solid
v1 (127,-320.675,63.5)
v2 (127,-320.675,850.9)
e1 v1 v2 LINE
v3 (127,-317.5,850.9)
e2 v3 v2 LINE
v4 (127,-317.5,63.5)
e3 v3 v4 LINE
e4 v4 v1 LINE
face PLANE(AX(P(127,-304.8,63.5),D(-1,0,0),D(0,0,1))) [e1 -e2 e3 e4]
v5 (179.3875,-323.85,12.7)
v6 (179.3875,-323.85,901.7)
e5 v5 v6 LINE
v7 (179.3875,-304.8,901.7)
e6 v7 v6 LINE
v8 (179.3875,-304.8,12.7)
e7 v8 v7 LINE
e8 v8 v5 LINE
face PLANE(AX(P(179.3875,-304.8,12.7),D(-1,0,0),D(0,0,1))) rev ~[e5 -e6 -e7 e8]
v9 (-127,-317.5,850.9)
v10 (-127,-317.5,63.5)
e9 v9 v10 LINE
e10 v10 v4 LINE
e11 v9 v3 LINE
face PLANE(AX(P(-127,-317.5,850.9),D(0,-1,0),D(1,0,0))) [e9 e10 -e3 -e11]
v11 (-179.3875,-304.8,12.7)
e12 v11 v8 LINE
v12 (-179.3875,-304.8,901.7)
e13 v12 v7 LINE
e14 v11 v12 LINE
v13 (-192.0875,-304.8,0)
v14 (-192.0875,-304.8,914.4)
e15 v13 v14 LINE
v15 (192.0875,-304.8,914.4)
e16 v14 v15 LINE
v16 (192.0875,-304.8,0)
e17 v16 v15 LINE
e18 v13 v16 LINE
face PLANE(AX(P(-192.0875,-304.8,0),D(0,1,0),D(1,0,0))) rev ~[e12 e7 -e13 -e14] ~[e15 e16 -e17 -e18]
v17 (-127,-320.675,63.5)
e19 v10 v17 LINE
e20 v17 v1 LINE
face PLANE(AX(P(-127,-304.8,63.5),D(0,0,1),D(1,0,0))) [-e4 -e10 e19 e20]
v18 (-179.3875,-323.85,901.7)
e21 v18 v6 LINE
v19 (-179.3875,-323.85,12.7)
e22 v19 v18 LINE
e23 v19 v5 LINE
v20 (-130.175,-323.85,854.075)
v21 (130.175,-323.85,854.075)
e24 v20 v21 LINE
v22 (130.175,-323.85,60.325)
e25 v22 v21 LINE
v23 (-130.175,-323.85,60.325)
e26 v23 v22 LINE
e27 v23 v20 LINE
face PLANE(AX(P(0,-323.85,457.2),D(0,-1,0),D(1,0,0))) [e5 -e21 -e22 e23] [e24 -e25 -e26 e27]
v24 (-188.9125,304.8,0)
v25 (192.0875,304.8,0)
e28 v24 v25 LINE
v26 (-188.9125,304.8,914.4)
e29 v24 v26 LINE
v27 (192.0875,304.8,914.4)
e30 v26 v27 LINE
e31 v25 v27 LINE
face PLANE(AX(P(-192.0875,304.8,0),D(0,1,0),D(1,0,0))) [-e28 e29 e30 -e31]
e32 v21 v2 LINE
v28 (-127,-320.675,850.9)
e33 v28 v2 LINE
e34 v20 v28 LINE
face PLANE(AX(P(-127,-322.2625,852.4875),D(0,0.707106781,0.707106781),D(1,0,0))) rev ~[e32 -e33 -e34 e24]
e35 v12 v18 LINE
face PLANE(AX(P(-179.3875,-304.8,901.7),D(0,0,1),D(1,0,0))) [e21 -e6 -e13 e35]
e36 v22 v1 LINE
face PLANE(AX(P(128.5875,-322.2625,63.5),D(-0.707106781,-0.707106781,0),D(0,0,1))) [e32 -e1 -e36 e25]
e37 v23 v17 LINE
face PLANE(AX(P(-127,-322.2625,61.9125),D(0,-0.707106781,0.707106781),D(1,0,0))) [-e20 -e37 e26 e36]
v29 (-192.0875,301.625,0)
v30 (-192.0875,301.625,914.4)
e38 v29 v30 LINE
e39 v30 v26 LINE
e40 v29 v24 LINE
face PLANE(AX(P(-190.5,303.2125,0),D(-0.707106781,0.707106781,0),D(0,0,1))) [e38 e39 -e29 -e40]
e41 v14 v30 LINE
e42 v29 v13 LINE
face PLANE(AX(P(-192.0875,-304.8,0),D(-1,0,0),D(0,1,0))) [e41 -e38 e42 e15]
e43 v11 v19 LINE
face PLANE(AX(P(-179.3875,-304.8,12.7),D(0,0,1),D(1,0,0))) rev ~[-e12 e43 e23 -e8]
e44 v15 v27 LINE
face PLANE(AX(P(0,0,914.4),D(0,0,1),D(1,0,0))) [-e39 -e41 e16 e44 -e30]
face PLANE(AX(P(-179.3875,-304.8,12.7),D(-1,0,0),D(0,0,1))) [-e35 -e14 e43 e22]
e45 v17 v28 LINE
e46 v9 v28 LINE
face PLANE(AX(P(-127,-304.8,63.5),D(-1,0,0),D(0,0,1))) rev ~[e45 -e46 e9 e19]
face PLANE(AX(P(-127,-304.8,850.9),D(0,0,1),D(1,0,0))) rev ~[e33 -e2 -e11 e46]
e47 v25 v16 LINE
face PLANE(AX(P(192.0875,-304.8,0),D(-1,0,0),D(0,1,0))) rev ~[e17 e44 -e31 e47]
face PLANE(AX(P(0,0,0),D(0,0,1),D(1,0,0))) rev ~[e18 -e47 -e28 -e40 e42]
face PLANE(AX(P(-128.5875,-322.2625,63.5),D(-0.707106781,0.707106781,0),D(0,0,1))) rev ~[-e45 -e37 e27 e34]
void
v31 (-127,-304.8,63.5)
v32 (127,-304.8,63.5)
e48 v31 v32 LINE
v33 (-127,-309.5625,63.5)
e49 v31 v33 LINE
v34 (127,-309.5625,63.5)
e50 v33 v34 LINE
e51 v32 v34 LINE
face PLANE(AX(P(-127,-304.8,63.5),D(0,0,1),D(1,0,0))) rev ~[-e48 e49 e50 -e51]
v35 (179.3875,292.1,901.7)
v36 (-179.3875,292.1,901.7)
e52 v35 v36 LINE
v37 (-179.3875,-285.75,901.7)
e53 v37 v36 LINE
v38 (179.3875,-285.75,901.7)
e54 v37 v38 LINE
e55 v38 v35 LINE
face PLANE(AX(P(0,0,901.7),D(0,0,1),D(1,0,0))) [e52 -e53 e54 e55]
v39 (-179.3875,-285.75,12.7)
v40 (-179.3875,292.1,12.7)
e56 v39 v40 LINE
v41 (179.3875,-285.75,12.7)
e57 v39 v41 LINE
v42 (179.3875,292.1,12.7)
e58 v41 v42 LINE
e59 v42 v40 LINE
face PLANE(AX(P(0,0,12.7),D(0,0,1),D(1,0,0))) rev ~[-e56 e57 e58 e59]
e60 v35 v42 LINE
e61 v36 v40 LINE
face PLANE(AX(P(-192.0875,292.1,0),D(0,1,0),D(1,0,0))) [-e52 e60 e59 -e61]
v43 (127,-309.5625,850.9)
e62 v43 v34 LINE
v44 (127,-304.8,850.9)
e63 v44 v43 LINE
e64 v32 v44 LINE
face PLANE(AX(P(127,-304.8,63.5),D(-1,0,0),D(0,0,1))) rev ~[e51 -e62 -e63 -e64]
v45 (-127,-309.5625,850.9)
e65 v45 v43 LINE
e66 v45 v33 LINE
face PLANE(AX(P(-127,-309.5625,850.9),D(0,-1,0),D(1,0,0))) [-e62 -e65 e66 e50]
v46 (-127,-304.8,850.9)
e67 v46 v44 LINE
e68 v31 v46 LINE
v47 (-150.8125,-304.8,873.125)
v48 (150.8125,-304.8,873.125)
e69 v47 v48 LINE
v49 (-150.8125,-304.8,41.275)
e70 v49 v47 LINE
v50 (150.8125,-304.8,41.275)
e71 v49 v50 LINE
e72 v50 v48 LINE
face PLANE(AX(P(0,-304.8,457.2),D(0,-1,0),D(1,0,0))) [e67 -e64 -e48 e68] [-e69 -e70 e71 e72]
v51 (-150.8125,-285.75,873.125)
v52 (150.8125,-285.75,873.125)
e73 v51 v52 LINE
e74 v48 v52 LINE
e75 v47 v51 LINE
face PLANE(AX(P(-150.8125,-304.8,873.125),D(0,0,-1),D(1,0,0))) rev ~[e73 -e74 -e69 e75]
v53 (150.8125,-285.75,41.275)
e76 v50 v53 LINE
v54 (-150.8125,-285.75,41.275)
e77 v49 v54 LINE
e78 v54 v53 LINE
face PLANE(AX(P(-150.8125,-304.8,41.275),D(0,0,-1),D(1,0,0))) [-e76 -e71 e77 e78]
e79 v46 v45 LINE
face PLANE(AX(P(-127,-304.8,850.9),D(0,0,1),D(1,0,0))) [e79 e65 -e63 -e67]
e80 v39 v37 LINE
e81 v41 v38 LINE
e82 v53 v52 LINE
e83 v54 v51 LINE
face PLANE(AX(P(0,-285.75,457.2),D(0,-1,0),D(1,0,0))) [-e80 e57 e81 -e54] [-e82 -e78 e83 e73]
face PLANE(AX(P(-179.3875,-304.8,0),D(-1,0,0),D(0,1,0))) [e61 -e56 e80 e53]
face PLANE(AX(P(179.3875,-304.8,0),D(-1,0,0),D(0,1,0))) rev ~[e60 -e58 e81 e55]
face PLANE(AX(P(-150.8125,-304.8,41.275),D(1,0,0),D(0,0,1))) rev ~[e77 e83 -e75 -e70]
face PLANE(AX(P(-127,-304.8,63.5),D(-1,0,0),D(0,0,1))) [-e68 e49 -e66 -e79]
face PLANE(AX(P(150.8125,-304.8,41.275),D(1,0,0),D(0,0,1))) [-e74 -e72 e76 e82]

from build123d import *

# Parameters (mm, degrees)
F0_W     = 384.175
F0_H     = 609.6
F1_DEPTH = 914.4
F2_T     = -12.7
F3_W     = 384.175
F3_H     = 914.4
F3_W_2   = 368.3
F3_H_2   = 901.7
F3_W_3   = 358.775
F3_H_3   = 889
F3_W_4   = 301.625
F3_H_4   = 831.85
F4_DEPTH = 19.05
F3_W_5   = 254
F3_H_5   = 787.4
F5_DEPTH = 19.05
F6_W     = 254
F6_H     = 7.9375
F7_DEPTH = 787.4
F8_SIZE  = 3.175


with BuildPart() as f1:
    # F0 (on Top) → F1 (new body)
    with BuildSketch(Plane.XY):
        Rectangle(F0_W, F0_H)
    extrude(amount=F1_DEPTH)

    # F2
    f2_openings = [f1.faces().sort_by_distance(p)[0] for p in [
        (0, -304.8, 457.2),
    ]]
    offset(amount=F2_T, openings=f2_openings)

    # F3 (on face) → F4 (join)
    with BuildSketch(Plane.XZ.offset(304.8)):
        with Locations((0, 457.2)):
            Rectangle(F3_W, F3_H)
        with Locations((0, 457.2)):
            Rectangle(F3_W_2, F3_H_2, mode=Mode.SUBTRACT)
        with Locations((0, 457.2)):
            Rectangle(F3_W_3, F3_H_3)
        with Locations((0, 457.2)):
            Rectangle(F3_W_4, F3_H_4, mode=Mode.SUBTRACT)
    extrude(amount=-F4_DEPTH)

    # F3 (on face) → F5 (join)
    with BuildSketch(Plane.XZ.offset(304.8)):
        with Locations((0, 457.2)):
            Rectangle(F3_W_3, F3_H_3)
        with Locations((0, 457.2)):
            Rectangle(F3_W_4, F3_H_4, mode=Mode.SUBTRACT)
        with Locations((0, 457.2)):
            Rectangle(F3_W_4, F3_H_4)
        with Locations((0, 457.2)):
            Rectangle(F3_W_5, F3_H_5, mode=Mode.SUBTRACT)
    extrude(amount=F5_DEPTH)

    # F6 (on face) → F7 (join, through all)
    with BuildSketch(Plane(origin=(0, 0, 850.9), x_dir=(1, 0, 0), z_dir=(0, 0, -1))):
        with Locations((0, 313.53125)):
            Rectangle(F6_W, F6_H)
    extrude(amount=F7_DEPTH)

    # F8
    f8_edges = [f1.edges().sort_by_distance(p)[0] for p in [
        (0, -323.85, 63.5),
        (-127, -323.85, 457.2),
        (127, -323.85, 457.2),
        (0, -323.85, 850.9),
        (-192.0875, 304.8, 457.2),
    ]]
    chamfer(f8_edges, length=F8_SIZE)


solid = f1.part
